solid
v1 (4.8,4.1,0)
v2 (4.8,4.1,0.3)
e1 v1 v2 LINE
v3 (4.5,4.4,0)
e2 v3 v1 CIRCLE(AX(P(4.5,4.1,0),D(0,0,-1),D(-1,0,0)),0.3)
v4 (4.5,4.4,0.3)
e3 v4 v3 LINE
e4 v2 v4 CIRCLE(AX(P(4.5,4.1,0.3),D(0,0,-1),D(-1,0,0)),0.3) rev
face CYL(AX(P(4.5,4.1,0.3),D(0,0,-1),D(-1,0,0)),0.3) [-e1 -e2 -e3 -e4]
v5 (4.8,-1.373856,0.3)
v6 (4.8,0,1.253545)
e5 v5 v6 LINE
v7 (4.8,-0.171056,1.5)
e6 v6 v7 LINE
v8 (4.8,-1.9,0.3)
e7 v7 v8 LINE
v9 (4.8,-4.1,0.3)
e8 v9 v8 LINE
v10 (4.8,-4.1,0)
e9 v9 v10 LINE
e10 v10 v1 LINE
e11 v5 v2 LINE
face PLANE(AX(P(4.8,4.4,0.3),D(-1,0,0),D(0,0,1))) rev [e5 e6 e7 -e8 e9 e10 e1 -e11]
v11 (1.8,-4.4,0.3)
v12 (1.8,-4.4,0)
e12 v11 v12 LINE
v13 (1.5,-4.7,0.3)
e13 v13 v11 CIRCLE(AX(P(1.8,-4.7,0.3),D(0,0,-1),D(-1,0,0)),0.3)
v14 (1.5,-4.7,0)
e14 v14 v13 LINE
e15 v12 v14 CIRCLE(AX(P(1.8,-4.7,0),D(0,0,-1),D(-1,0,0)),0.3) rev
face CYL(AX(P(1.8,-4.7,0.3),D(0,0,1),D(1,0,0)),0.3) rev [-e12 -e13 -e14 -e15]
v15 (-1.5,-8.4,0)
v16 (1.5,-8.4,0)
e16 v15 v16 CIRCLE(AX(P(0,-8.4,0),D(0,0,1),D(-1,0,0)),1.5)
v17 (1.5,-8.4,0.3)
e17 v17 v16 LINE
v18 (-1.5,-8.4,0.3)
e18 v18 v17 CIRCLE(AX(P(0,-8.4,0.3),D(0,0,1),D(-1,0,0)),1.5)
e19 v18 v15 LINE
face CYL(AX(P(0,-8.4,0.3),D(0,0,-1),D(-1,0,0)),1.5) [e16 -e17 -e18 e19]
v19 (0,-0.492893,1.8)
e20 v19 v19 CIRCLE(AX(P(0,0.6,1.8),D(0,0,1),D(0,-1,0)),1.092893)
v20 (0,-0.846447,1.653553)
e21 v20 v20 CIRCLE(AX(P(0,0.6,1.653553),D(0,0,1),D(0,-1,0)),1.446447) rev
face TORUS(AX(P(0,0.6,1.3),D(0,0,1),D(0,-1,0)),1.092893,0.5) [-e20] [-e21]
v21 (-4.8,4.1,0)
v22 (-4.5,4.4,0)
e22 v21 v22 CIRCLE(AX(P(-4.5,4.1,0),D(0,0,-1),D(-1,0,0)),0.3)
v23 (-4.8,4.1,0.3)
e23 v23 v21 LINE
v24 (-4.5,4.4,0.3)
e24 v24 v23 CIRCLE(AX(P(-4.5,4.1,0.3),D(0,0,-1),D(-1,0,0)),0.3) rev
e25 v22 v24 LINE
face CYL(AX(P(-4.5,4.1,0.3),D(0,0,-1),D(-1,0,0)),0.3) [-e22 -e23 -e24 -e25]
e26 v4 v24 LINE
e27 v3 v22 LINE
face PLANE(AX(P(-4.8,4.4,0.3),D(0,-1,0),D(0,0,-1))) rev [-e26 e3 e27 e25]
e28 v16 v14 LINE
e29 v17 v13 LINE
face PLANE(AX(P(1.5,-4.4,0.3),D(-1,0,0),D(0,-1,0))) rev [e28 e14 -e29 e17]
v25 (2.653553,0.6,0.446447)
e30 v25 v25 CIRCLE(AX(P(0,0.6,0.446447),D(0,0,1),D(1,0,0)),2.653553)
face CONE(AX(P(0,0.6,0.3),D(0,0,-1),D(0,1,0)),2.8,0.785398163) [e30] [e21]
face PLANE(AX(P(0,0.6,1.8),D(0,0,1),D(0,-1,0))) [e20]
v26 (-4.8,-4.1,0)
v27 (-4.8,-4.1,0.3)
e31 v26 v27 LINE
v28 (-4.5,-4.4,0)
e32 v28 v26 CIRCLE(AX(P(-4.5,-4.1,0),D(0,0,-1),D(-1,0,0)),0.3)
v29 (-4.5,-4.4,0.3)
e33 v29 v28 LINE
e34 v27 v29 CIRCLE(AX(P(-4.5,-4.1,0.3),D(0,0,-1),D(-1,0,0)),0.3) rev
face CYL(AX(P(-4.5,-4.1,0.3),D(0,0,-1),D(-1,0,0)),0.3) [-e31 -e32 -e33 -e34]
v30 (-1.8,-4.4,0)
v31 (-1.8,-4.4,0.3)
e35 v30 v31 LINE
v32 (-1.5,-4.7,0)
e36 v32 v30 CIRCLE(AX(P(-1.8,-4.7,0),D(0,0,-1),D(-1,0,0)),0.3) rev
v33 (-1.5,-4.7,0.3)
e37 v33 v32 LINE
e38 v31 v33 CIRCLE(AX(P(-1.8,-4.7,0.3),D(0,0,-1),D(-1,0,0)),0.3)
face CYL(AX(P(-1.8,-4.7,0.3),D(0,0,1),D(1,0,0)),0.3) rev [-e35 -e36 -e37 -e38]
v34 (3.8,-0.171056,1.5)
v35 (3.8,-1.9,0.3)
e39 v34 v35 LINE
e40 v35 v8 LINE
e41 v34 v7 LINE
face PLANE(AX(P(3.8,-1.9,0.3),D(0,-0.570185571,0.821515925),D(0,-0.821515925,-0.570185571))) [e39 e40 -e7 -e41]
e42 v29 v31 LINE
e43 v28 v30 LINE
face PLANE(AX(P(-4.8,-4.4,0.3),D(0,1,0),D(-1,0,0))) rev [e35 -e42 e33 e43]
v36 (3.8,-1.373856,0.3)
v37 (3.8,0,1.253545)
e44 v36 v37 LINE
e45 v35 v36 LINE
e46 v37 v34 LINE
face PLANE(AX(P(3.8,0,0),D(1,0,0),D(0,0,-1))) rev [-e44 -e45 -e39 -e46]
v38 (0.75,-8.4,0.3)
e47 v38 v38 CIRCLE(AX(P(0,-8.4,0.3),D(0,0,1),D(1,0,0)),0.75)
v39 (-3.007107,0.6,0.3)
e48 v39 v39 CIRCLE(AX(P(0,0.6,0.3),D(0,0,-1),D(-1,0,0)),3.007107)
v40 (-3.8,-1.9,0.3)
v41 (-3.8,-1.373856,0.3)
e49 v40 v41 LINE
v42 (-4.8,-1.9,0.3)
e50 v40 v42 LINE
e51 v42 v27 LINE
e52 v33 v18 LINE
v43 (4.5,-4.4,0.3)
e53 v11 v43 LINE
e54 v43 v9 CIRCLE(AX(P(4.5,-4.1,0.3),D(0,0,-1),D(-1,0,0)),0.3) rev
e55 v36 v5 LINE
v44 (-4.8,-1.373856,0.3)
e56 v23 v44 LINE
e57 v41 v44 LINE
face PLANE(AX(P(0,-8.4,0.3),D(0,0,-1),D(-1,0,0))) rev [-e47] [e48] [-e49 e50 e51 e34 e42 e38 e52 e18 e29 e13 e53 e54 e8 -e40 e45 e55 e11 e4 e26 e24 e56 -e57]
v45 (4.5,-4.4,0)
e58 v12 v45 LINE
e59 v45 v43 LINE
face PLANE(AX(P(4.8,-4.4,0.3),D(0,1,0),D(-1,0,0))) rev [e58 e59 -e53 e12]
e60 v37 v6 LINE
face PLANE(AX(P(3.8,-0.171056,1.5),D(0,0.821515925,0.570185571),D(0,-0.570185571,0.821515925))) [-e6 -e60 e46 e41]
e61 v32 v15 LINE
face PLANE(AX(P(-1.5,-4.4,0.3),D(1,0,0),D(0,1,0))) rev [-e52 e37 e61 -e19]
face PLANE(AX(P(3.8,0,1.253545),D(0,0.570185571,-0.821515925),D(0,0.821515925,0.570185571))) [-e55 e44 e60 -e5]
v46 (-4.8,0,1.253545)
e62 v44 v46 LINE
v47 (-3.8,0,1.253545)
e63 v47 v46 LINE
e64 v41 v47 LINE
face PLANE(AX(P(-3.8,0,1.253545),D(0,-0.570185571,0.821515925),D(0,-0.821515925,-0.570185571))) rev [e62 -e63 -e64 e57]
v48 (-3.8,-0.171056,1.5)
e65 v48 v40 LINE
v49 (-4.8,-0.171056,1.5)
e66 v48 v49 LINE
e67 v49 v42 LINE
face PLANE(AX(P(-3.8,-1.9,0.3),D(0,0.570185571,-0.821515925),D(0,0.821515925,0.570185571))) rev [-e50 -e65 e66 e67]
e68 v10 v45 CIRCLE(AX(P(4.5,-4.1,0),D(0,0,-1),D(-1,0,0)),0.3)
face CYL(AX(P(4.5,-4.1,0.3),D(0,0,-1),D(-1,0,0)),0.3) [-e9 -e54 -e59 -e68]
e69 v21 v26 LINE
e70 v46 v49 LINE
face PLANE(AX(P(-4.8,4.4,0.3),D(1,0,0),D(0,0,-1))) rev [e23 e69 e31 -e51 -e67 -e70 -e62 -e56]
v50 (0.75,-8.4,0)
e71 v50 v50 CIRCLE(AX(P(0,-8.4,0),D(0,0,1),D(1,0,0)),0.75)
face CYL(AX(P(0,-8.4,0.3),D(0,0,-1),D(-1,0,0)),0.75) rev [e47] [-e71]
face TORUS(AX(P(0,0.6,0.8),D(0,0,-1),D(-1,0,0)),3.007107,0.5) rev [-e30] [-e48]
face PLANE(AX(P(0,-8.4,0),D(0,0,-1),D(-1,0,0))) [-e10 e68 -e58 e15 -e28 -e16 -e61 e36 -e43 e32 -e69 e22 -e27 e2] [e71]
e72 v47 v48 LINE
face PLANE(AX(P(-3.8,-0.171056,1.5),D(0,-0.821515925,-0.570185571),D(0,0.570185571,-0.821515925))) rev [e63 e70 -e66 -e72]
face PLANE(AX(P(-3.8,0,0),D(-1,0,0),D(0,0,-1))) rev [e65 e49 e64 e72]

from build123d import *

# Parameters (mm, degrees)
SKETCH1_R           = 0.75
BOSS_EXTRUDE1_DEPTH = 0.3
FILLET1_R           = 0.3
BOSS_EXTRUDE2_DEPTH = 1
FILLET2_R           = 0.5


with BuildPart() as part:
    # Sketch1 → Boss-Extrude1 (new body)
    with BuildSketch(Plane.XY):
        with BuildLine():
            Line((-4.8, 4.4), (4.8, 4.4))
            Line((4.8, 4.4), (4.8, -4.4))
            Line((4.8, -4.4), (1.5, -4.4))
            Line((1.5, -4.4), (1.5, -8.4))
            ThreePointArc((1.5, -8.4), (0, -9.9), (-1.5, -8.4))
            Line((-1.5, -8.4), (-1.5, -4.4))
            Line((-1.5, -4.4), (-4.8, -4.4))
            Line((-4.8, -4.4), (-4.8, 4.4))
        make_face()
        with Locations((0, -8.4)):
            Circle(SKETCH1_R, mode=Mode.SUBTRACT)
    extrude(amount=BOSS_EXTRUDE1_DEPTH)

    # Fillet1
    fillet1_edges = [part.edges().sort_by_distance(p)[0] for p in [
        (-4.8, -4.4, 0.15),
        (-4.8, 4.4, 0.15),
        (4.8, 4.4, 0.15),
        (4.8, -4.4, 0.15),
        (1.5, -4.4, 0.15),
        (-1.5, -4.4, 0.15),
    ]]
    fillet(fillet1_edges, radius=FILLET1_R)

    # Sketch2 → Boss-Extrude2 (add)
    with BuildSketch(Plane(origin=(4.8, 0, 0), x_dir=(0, 0, -1), z_dir=(1, 0, 0))):
        Polygon((-0.3, -1.9), (-1.5, -0.171055671), (-1.253545223, 0), (-0.3, -1.373855504), align=None)
    boss_extrude2 = extrude(amount=-BOSS_EXTRUDE2_DEPTH)

    # Mirror1: Boss-Extrude2 across plane
    add(boss_extrude2.mirror(Plane(origin=(0, 0, 0), x_dir=(0, 0, 1), z_dir=(1, 0, 0))))

    # Sketch3 → Revolve1 (revolve)
    with BuildSketch(Plane(origin=(0, 0, 0), x_dir=(0, 0, -1), z_dir=(1, 0, 0))):
        Polygon((-1.8, 0.6), (-1.8, 1.9), (-0.3, 3.4), (-0.3, 0.6), align=None)
    revolve(axis=Axis((0, 0.6, 0.3), (0, 0, 1)))

    # Fillet2
    fillet2_edges = [part.edges().sort_by_distance(p)[0] for p in [
        (0, -0.7, 1.8),
        (0, -2.2, 0.3),
    ]]
    fillet(fillet2_edges, radius=FILLET2_R)


solid = part.part
